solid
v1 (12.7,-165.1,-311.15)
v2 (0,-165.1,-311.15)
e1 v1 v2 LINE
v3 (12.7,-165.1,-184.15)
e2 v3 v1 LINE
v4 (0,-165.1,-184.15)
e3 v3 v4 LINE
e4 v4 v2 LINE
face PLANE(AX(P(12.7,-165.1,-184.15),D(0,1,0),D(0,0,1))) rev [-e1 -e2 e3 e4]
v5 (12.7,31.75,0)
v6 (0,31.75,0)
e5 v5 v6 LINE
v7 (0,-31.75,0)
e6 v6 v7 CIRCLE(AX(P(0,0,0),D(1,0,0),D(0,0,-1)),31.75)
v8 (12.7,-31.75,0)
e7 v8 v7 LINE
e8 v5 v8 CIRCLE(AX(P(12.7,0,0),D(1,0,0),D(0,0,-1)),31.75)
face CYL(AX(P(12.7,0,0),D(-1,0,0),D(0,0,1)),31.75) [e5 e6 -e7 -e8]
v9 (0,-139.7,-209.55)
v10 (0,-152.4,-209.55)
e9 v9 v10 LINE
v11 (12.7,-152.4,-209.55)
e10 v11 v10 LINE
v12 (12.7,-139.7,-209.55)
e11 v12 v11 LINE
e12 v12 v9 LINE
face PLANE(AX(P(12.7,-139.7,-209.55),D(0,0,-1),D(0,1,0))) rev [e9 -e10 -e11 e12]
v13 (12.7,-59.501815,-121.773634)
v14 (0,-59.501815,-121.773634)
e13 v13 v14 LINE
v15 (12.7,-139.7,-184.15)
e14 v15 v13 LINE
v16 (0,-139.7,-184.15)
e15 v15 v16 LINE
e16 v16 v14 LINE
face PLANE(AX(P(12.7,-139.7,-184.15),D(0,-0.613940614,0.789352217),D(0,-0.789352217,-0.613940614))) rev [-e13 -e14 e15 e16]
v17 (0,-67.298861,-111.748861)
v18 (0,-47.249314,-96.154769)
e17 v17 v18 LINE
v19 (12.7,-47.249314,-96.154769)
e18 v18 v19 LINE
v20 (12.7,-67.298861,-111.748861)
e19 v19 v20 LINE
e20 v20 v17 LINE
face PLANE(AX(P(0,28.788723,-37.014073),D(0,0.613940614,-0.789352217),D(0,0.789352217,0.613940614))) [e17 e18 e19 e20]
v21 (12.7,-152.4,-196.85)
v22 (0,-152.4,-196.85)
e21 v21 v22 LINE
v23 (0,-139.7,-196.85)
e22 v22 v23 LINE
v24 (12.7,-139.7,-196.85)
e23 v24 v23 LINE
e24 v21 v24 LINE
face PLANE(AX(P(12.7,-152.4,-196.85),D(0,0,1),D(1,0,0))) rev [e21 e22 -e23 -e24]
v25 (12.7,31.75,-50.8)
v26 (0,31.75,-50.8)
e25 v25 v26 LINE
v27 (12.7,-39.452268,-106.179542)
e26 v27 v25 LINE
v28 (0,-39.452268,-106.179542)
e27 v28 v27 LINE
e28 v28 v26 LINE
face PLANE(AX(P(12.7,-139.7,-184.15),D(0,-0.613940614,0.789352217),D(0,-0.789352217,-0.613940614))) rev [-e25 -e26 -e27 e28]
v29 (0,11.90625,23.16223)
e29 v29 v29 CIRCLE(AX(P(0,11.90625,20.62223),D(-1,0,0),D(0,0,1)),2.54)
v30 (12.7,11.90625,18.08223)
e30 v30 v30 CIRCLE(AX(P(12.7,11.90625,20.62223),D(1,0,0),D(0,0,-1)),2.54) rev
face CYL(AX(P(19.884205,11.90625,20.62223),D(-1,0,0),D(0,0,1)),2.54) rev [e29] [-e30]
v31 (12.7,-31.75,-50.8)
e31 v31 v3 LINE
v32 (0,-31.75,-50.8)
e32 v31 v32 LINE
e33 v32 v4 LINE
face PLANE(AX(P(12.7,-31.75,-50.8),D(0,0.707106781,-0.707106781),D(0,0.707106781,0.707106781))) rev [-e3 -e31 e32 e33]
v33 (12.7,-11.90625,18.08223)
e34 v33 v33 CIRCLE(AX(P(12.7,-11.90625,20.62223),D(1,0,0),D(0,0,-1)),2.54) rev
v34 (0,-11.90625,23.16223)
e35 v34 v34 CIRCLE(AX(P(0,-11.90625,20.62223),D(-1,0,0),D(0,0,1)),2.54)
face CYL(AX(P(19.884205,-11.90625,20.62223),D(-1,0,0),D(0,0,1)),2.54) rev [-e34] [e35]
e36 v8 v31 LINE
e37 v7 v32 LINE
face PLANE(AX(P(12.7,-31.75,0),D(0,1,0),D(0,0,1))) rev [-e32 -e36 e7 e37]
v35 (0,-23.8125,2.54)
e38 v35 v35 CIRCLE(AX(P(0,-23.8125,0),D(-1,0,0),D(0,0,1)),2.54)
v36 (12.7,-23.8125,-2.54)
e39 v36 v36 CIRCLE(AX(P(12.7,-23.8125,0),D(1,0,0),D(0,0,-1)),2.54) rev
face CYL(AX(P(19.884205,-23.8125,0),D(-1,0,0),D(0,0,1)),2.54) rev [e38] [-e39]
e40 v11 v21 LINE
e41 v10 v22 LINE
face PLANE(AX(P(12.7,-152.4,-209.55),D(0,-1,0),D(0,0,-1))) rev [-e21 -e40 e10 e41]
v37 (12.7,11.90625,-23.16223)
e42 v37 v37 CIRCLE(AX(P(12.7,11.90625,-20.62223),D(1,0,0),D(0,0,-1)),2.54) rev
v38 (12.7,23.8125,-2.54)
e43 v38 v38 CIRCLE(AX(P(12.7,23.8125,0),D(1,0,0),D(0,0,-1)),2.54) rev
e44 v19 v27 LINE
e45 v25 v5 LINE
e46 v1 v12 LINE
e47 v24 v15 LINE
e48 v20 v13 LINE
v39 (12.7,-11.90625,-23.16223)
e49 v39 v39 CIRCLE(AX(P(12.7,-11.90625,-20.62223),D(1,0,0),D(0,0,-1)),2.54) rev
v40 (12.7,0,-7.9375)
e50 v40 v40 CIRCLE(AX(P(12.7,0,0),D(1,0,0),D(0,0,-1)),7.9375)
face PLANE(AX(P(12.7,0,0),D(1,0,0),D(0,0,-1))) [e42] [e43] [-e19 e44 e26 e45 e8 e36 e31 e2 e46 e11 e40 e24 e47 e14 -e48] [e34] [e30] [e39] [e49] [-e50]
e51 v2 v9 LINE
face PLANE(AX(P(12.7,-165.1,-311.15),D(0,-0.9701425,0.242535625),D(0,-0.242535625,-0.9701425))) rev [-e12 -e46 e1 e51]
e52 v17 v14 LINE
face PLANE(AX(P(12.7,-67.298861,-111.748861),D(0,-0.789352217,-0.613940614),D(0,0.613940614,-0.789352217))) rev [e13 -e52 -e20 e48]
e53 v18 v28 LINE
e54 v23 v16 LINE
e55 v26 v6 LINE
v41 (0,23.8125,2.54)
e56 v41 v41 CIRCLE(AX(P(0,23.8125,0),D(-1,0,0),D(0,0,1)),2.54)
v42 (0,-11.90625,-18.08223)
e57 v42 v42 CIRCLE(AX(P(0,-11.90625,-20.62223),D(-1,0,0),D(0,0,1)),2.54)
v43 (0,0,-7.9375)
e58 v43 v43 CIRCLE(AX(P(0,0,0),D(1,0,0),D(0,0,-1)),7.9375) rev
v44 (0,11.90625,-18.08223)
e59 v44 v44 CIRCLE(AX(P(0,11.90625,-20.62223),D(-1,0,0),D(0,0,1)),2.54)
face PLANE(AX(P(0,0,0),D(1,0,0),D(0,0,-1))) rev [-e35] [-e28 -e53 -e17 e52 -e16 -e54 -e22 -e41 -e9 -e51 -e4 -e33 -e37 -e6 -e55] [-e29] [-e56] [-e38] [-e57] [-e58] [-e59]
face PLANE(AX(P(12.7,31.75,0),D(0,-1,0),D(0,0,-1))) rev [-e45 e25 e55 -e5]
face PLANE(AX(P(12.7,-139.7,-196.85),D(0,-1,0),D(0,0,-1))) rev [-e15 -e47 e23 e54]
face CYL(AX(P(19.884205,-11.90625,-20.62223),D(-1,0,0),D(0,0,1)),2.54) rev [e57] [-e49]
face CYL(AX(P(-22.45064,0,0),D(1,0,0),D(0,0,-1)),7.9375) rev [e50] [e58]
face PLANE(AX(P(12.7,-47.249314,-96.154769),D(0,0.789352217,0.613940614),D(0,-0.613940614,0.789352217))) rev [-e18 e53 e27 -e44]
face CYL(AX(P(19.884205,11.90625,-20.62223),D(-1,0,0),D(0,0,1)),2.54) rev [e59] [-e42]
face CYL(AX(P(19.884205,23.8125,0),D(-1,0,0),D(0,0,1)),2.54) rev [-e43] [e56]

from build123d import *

# Parameters (mm, degrees)
MAIN_DEPTH    = 12.7
SKETCH2_R     = 7.9375
AXLE_DEPTH    = 12.7
SKETCH5_W     = 12.7
SKETCH5_H     = 25.4
BARWIDE_DEPTH = 12.7
SKETCH6_R     = 2.54
SCREWS_DEPTH  = 12.7


with BuildPart() as part:
    # Sketch1 → main (new body)
    with BuildSketch(Plane(origin=(0, 0, 0), x_dir=(0, 0, -1), z_dir=(1, 0, 0))):
        with BuildLine():
            Line((0, 31.75), (50.8, 31.75))
            Line((50.8, 31.75), (184.15, -139.7))
            Line((184.15, -139.7), (196.85, -139.7))
            Line((196.85, -139.7), (196.85, -152.4))
            Line((196.85, -152.4), (209.55, -152.4))
            Line((209.55, -152.4), (209.55, -139.7))
            Line((209.55, -139.7), (311.15, -165.1))
            Line((311.15, -165.1), (184.15, -165.1))
            Line((184.15, -165.1), (50.8, -31.75))
            Line((50.8, -31.75), (0, -31.75))
            ThreePointArc((0, -31.75), (-31.75, 0), (0, 31.75))
        make_face()
    extrude(amount=MAIN_DEPTH)

    # Sketch2 → axle (cut)
    with BuildSketch(Plane(origin=(12.7, 0, 0), x_dir=(0, 0, -1), z_dir=(1, 0, 0))):
        Circle(SKETCH2_R)
    extrude(amount=-AXLE_DEPTH, mode=Mode.SUBTRACT)

    # Sketch5 → barwide (cut)
    with BuildSketch(Plane(origin=(0, 36.585769231, -47.038846154), x_dir=(-1, 0, 0), z_dir=(0, 0.6139406135149222, -0.789352217376325))):
        with Locations((-6.35, -109.029668746)):
            Rectangle(SKETCH5_W, SKETCH5_H)
    extrude(amount=-BARWIDE_DEPTH, mode=Mode.SUBTRACT)

    # Sketch6 → screws (cut)
    with BuildSketch(Plane.ZY):
        with Locations((0, 23.8125)):
            Circle(SKETCH6_R)
        with Locations((20.622229928, 11.90625)):
            Circle(SKETCH6_R)
        with Locations((20.622229928, -11.90625)):
            Circle(SKETCH6_R)
        with Locations((0, -23.8125)):
            Circle(SKETCH6_R)
        with Locations((-20.622229928, -11.90625)):
            Circle(SKETCH6_R)
        with Locations((-20.622229928, 11.90625)):
            Circle(SKETCH6_R)
    extrude(amount=-SCREWS_DEPTH, mode=Mode.SUBTRACT)


solid = part.part
